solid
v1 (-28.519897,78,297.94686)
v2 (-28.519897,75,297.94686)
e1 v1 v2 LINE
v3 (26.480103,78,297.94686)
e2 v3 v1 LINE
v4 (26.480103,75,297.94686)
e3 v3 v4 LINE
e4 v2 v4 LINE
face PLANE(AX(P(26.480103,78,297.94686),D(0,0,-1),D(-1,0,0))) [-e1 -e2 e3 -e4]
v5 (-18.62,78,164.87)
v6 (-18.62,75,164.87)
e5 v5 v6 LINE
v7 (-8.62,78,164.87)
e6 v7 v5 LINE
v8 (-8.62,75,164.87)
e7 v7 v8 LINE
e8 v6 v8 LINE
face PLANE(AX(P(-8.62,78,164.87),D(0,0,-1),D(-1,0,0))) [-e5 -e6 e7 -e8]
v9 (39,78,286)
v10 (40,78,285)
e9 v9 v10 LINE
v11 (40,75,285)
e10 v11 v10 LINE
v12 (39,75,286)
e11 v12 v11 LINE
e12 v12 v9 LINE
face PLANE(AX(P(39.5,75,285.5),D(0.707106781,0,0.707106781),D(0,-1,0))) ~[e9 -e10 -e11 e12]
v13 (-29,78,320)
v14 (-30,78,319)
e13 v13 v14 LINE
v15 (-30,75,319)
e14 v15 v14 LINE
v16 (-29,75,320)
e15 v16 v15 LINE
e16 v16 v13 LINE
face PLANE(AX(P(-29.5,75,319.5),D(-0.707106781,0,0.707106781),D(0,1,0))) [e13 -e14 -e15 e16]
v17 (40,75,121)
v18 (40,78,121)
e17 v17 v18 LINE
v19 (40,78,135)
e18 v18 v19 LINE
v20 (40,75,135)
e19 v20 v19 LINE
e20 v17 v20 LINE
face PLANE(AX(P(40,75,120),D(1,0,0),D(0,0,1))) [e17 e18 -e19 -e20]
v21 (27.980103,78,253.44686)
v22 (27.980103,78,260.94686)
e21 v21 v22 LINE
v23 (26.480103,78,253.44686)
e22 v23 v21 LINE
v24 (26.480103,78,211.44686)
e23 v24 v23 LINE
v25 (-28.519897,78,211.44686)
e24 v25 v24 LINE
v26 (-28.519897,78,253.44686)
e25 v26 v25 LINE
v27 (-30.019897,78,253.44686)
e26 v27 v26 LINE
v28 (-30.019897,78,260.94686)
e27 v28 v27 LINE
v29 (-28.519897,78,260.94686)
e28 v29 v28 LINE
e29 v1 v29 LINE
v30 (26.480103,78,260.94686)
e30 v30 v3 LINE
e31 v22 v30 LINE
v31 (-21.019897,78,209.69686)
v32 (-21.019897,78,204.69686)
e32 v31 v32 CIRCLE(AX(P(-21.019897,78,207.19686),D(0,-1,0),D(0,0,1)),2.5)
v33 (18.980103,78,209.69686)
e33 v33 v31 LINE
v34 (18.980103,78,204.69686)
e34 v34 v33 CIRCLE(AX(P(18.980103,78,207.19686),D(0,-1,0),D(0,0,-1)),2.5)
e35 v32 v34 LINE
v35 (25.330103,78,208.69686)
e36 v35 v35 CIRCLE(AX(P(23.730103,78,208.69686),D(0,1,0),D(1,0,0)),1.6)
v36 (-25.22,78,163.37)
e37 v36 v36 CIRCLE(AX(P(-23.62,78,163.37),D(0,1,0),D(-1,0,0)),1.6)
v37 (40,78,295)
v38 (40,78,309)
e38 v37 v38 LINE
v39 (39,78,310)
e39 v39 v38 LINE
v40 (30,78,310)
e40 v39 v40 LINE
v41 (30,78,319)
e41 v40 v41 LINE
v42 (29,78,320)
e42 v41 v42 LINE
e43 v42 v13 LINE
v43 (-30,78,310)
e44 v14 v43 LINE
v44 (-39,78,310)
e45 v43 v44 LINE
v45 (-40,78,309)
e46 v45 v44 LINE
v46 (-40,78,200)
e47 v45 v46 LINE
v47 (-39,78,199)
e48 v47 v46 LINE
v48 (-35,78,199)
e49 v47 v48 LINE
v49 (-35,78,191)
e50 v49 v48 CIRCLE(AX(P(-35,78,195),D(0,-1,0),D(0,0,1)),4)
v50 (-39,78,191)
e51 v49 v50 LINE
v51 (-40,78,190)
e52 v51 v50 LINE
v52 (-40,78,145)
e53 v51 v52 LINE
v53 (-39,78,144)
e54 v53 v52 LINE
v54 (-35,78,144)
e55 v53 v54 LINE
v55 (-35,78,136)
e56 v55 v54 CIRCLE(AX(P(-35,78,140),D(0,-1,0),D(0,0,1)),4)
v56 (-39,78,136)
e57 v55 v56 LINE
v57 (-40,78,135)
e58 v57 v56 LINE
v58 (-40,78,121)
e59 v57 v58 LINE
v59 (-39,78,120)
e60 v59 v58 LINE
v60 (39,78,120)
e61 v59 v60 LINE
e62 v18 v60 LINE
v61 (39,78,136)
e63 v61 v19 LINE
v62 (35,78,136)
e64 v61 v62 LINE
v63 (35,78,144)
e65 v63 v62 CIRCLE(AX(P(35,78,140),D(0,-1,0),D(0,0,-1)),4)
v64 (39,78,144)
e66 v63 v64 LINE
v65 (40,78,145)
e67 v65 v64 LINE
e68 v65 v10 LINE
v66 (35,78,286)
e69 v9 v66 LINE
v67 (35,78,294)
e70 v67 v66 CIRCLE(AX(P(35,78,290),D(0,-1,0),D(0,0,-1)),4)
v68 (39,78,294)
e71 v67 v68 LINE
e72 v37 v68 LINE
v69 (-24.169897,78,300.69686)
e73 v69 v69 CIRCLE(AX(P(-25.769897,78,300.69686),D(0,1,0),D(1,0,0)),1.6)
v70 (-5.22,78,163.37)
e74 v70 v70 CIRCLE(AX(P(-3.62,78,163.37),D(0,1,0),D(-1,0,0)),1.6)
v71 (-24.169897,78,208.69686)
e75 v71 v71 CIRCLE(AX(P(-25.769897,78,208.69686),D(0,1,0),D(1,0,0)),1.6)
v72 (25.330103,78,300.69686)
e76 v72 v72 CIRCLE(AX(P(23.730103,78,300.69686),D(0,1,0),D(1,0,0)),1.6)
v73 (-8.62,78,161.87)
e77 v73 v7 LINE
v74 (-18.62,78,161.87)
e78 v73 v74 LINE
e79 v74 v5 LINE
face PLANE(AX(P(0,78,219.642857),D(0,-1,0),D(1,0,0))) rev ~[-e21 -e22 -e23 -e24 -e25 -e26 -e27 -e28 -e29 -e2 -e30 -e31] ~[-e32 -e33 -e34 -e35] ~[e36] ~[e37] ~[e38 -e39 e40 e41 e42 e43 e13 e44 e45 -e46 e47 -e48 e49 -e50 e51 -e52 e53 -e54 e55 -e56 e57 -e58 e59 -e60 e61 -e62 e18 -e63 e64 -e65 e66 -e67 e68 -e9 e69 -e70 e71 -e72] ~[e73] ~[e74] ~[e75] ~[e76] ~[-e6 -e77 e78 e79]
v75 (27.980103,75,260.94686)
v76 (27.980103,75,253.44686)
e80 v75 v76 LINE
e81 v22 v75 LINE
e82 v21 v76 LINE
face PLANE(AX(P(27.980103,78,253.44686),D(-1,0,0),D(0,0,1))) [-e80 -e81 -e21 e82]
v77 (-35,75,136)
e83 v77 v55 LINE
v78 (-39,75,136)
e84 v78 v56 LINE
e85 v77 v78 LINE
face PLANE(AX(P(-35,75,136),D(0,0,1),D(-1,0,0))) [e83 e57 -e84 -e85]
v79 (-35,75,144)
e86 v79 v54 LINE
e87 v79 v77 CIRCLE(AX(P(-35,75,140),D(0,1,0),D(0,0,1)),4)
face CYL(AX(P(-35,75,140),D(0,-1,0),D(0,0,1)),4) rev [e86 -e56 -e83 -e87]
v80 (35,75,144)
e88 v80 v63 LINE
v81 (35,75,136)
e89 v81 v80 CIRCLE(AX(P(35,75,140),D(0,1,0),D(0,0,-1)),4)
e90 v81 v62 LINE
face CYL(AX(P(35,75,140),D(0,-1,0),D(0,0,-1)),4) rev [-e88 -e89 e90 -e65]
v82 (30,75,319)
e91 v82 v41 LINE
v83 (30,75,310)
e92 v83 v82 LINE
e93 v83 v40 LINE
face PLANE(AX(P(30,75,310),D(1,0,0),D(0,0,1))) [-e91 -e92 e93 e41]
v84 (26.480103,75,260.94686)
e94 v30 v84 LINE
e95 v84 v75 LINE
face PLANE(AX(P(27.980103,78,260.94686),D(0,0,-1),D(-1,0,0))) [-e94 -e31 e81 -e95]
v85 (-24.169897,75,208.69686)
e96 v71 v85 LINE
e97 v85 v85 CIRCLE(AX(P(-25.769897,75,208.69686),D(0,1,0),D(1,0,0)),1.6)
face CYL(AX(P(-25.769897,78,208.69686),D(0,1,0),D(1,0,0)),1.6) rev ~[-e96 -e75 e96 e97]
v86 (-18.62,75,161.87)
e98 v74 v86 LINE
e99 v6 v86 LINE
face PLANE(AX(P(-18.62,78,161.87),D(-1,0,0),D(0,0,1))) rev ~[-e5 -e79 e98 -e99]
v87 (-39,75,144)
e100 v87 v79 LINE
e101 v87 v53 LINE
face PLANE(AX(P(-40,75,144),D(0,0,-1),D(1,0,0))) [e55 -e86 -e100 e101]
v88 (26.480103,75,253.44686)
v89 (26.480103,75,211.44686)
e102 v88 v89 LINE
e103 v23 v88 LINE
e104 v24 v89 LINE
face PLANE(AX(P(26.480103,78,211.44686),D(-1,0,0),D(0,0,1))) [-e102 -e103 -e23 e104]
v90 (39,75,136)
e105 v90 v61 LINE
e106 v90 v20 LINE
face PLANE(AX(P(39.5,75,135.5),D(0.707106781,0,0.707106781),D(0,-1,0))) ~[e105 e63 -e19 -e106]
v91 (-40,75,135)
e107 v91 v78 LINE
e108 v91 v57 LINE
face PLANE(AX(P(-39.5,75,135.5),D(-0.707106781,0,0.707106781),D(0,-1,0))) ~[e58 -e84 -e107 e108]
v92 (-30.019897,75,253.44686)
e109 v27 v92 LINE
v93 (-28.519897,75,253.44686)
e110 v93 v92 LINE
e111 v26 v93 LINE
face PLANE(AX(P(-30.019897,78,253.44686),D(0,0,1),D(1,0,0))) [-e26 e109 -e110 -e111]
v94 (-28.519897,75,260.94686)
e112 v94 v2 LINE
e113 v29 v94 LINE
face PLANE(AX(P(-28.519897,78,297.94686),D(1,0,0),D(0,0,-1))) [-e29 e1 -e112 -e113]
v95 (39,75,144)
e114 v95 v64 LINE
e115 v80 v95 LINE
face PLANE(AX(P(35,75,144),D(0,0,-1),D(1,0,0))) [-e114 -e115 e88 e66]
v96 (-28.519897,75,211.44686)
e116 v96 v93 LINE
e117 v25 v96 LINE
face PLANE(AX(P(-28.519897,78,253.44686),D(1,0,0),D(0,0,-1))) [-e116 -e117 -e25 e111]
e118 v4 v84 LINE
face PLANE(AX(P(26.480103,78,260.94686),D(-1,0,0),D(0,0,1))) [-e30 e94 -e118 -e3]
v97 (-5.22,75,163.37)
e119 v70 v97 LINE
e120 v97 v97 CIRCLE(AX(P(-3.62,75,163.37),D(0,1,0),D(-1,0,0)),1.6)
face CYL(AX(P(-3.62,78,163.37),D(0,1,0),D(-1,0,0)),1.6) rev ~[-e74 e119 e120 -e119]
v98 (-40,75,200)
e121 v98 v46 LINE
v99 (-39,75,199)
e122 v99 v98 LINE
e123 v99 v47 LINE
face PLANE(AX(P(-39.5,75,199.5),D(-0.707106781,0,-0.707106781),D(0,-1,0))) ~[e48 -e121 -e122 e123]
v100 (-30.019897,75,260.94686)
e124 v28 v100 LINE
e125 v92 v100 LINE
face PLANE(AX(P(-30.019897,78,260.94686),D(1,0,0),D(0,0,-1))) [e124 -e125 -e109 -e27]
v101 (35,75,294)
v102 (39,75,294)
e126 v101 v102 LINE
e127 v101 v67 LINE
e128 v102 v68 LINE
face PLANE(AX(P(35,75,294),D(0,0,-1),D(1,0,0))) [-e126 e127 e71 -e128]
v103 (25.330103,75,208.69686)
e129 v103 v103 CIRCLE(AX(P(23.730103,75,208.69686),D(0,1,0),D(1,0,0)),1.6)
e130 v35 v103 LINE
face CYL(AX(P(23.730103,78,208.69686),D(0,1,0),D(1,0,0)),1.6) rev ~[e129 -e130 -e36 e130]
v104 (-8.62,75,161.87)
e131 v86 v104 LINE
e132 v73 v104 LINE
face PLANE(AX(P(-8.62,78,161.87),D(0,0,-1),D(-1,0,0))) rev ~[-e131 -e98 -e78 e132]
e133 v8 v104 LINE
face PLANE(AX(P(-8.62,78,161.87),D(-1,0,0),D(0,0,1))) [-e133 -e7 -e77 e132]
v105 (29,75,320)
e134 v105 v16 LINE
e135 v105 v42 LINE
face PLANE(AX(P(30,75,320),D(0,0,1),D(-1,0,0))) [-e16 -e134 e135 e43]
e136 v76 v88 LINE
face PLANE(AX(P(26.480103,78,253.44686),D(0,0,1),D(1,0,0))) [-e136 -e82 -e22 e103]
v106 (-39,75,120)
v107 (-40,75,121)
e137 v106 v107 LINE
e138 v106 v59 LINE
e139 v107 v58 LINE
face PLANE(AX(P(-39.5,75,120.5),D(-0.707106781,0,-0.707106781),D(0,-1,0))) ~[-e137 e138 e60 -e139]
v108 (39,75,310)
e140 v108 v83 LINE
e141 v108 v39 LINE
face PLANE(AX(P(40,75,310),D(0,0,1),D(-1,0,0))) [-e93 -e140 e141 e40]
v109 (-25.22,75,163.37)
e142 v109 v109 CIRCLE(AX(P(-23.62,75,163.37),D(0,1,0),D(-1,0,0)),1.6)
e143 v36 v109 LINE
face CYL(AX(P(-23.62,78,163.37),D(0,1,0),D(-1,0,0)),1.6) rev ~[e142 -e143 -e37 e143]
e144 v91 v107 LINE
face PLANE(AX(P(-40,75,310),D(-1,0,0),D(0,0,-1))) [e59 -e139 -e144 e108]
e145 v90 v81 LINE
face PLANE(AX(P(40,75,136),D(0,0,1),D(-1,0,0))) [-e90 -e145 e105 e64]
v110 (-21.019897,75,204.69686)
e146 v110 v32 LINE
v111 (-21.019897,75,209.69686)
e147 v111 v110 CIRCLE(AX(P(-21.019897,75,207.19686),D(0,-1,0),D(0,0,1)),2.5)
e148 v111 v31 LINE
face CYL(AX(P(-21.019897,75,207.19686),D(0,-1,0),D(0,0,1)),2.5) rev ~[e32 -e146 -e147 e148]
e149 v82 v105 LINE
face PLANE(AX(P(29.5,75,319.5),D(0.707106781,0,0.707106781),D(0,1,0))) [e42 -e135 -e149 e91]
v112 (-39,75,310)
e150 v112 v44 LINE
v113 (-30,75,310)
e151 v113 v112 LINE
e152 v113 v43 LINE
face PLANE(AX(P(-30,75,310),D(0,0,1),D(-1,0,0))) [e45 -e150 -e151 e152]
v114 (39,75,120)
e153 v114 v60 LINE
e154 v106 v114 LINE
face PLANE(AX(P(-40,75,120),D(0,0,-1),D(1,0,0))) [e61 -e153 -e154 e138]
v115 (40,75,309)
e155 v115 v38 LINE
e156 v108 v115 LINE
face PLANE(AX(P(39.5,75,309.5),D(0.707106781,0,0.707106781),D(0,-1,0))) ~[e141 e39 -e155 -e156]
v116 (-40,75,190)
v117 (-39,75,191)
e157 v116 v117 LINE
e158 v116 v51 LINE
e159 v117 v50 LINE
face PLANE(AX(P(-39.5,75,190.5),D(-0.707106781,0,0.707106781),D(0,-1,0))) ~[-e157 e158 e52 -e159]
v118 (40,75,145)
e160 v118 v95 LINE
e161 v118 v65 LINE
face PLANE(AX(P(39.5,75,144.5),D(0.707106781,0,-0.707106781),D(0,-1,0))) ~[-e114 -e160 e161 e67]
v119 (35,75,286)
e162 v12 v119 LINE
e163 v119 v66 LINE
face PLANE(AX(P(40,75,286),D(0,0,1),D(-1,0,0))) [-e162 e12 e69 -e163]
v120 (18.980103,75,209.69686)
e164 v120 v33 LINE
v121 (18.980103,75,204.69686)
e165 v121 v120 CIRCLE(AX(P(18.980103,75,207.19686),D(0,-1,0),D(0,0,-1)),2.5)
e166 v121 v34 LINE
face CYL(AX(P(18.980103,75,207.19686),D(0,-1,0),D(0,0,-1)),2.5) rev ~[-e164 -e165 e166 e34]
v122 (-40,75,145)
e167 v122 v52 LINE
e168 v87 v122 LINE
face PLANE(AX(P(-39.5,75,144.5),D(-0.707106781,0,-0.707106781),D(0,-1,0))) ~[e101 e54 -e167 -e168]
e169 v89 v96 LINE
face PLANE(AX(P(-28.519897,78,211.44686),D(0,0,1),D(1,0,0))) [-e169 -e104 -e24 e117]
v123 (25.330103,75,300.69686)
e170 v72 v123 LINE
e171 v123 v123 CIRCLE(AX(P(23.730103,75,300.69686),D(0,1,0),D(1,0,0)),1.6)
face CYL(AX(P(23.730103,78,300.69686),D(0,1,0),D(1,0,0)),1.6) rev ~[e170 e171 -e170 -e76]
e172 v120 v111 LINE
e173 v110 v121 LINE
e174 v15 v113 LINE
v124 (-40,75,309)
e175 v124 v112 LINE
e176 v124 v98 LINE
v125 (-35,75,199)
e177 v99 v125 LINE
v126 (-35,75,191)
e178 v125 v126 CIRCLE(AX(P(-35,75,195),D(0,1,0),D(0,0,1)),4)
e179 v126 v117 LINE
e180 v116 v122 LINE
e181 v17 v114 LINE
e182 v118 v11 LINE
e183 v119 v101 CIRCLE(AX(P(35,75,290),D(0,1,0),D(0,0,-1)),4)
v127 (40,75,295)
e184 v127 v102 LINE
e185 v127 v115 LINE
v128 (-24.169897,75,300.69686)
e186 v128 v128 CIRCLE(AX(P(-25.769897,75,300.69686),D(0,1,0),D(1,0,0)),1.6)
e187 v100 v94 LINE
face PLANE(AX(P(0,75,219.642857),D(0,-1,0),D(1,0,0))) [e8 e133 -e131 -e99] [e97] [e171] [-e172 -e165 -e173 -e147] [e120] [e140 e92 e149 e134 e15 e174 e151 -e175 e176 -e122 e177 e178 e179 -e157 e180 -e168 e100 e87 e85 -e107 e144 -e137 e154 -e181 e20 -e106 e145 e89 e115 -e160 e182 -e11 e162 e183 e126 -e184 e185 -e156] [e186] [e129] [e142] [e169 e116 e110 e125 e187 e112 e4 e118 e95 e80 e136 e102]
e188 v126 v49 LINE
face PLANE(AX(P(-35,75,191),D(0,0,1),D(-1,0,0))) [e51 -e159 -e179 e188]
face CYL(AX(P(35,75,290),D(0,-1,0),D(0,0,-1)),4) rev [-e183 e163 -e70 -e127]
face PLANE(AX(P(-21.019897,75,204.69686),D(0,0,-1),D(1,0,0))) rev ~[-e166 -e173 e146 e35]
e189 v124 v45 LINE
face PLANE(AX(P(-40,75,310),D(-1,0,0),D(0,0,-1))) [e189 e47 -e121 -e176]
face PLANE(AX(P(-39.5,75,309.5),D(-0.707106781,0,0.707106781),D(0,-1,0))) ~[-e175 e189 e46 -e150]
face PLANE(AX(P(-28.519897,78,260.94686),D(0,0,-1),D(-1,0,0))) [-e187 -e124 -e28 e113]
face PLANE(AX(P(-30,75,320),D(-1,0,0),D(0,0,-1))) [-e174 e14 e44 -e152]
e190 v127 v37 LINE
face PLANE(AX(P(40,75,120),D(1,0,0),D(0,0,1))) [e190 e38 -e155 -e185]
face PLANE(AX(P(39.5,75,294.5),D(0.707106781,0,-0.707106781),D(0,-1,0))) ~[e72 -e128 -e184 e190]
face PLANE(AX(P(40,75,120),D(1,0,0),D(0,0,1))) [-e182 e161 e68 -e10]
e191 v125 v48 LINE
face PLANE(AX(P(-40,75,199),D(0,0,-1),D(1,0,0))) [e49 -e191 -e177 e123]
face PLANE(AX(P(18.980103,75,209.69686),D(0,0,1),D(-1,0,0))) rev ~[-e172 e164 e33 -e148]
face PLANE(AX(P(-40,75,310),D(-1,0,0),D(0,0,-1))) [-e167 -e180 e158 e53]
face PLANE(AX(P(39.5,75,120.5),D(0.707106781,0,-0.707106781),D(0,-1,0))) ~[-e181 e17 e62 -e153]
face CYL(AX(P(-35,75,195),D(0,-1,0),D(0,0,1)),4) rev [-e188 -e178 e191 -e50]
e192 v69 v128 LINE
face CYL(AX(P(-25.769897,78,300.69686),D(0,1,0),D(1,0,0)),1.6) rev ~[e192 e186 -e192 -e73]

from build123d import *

# Parameters (mm, degrees)
PAD087_DEPTH    = 3
POCKET016_DEPTH = 3.001
CHAMFER060_SIZE = 1
SKETCH179_R     = 1.6
POCKET025_DEPTH = 3.001
SKETCH180_R     = 1.6
SKETCH180_W     = 10
SKETCH180_H     = 3
POCKET026_DEPTH = 3.001
POCKET027_DEPTH = 3.001


with BuildPart() as part:
    # Sketch160 → Pad087 (new body)
    with BuildSketch(Plane(origin=(0, 0, 0), x_dir=(-1, 0, 0), z_dir=(0, 1, 0))):
        Polygon((-40, 310), (-30, 310), (-30, 320), (30, 320), (30, 310), (40, 310), (40, 120), (-40, 120), align=None)
    extrude(amount=PAD087_DEPTH)

    # Sketch161 → Pocket016 (cut, through all)
    with BuildSketch(Plane(origin=(0, 0, 0), x_dir=(-1, 0, 0), z_dir=(0, 1, 0))):
        with BuildLine():
            ThreePointArc((-40, 294), (-44, 290), (-40, 286))
            Line((-40, 286), (-35, 286))
            ThreePointArc((-35, 286), (-31, 290), (-35, 294))
            Line((-35, 294), (-40, 294))
        make_face()
        with BuildLine():
            ThreePointArc((-40, 144), (-44, 140), (-40, 136))
            Line((-40, 136), (-35, 136))
            ThreePointArc((-35, 136), (-31, 140), (-35, 144))
            Line((-35, 144), (-40, 144))
        make_face()
        with BuildLine():
            ThreePointArc((40, 136), (44, 140), (40, 144))
            Line((40, 144), (35, 144))
            ThreePointArc((35, 144), (31, 140), (35, 136))
            Line((35, 136), (40, 136))
        make_face()
        with BuildLine():
            ThreePointArc((40, 191), (44, 195), (40, 199))
            Line((40, 199), (35, 199))
            ThreePointArc((35, 199), (31, 195), (35, 191))
            Line((35, 191), (40, 191))
        make_face()
    extrude(amount=POCKET016_DEPTH, mode=Mode.SUBTRACT)

    # Chamfer060
    chamfer060_edges = [part.edges().sort_by_distance(p)[0] for p in [
        (40, 1.5, 310),
        (30, 1.5, 320),
        (40, 1.5, 294),
        (40, 1.5, 286),
        (-40, 1.5, 310),
        (-30, 1.5, 320),
        (40, 1.5, 144),
        (40, 1.5, 136),
        (40, 1.5, 120),
        (-40, 1.5, 120),
        (-40, 1.5, 136),
        (-40, 1.5, 144),
        (-40, 1.5, 191),
        (-40, 1.5, 199),
    ]]
    chamfer(chamfer060_edges, length=CHAMFER060_SIZE)

    # Sketch179 (on Face5 of Chamfer060) → Pocket025 (cut, through all)
    with BuildSketch(Plane(origin=(0, 3, 0), x_dir=(1, 0, 0), z_dir=(0, 1, 0))):
        with Locations((-25.769897, -208.69686)):
            Circle(SKETCH179_R)
        with Locations((23.730103, -208.69686)):
            Circle(SKETCH179_R)
        with Locations((23.730103, -300.69686)):
            Circle(SKETCH179_R)
        with Locations((-25.769897, -300.69686)):
            Circle(SKETCH179_R)
        Polygon((26.480103, -297.94686), (-28.519897, -297.94686), (-28.519897, -260.94686), (-30.019897, -260.94686), (-30.019897, -253.44686), (-28.519897, -253.44686), (-28.519897, -211.44686), (26.480103, -211.44686), (26.480103, -253.44686), (27.980103, -253.44686), (27.980103, -260.94686), (26.480103, -260.94686), align=None)
    extrude(amount=-POCKET025_DEPTH, mode=Mode.SUBTRACT)

    # Sketch180 (on Face5 of Pocket025) → Pocket026 (cut, through all)
    with BuildSketch(Plane(origin=(0, 3, 0), x_dir=(-1, 0, 0), z_dir=(0, 1, 0))):
        with Locations((23.62, 163.37)):
            Circle(SKETCH180_R)
        with Locations((3.62, 163.37)):
            Circle(SKETCH180_R)
        with Locations((13.62, 163.37)):
            Rectangle(SKETCH180_W, SKETCH180_H)
    extrude(amount=-POCKET026_DEPTH, mode=Mode.SUBTRACT)

    # Sketch182 → Pocket027 (cut, through all)
    with BuildSketch(Plane.XZ):
        with BuildLine():
            ThreePointArc((-21.019897, 209.69686), (-23.519897, 207.19686), (-21.019897, 204.69686))
            Line((-21.019897, 204.69686), (18.980103, 204.69686))
            ThreePointArc((18.980103, 204.69686), (21.480103, 207.19686), (18.980103, 209.69686))
            Line((18.980103, 209.69686), (-21.019897, 209.69686))
        make_face()
    extrude(amount=-POCKET027_DEPTH, mode=Mode.SUBTRACT)


with BuildPart() as part_1:
    # Body076 placement: moved
    add(part.part.moved(Location((0, 75, 0))))


solid = part_1.part
